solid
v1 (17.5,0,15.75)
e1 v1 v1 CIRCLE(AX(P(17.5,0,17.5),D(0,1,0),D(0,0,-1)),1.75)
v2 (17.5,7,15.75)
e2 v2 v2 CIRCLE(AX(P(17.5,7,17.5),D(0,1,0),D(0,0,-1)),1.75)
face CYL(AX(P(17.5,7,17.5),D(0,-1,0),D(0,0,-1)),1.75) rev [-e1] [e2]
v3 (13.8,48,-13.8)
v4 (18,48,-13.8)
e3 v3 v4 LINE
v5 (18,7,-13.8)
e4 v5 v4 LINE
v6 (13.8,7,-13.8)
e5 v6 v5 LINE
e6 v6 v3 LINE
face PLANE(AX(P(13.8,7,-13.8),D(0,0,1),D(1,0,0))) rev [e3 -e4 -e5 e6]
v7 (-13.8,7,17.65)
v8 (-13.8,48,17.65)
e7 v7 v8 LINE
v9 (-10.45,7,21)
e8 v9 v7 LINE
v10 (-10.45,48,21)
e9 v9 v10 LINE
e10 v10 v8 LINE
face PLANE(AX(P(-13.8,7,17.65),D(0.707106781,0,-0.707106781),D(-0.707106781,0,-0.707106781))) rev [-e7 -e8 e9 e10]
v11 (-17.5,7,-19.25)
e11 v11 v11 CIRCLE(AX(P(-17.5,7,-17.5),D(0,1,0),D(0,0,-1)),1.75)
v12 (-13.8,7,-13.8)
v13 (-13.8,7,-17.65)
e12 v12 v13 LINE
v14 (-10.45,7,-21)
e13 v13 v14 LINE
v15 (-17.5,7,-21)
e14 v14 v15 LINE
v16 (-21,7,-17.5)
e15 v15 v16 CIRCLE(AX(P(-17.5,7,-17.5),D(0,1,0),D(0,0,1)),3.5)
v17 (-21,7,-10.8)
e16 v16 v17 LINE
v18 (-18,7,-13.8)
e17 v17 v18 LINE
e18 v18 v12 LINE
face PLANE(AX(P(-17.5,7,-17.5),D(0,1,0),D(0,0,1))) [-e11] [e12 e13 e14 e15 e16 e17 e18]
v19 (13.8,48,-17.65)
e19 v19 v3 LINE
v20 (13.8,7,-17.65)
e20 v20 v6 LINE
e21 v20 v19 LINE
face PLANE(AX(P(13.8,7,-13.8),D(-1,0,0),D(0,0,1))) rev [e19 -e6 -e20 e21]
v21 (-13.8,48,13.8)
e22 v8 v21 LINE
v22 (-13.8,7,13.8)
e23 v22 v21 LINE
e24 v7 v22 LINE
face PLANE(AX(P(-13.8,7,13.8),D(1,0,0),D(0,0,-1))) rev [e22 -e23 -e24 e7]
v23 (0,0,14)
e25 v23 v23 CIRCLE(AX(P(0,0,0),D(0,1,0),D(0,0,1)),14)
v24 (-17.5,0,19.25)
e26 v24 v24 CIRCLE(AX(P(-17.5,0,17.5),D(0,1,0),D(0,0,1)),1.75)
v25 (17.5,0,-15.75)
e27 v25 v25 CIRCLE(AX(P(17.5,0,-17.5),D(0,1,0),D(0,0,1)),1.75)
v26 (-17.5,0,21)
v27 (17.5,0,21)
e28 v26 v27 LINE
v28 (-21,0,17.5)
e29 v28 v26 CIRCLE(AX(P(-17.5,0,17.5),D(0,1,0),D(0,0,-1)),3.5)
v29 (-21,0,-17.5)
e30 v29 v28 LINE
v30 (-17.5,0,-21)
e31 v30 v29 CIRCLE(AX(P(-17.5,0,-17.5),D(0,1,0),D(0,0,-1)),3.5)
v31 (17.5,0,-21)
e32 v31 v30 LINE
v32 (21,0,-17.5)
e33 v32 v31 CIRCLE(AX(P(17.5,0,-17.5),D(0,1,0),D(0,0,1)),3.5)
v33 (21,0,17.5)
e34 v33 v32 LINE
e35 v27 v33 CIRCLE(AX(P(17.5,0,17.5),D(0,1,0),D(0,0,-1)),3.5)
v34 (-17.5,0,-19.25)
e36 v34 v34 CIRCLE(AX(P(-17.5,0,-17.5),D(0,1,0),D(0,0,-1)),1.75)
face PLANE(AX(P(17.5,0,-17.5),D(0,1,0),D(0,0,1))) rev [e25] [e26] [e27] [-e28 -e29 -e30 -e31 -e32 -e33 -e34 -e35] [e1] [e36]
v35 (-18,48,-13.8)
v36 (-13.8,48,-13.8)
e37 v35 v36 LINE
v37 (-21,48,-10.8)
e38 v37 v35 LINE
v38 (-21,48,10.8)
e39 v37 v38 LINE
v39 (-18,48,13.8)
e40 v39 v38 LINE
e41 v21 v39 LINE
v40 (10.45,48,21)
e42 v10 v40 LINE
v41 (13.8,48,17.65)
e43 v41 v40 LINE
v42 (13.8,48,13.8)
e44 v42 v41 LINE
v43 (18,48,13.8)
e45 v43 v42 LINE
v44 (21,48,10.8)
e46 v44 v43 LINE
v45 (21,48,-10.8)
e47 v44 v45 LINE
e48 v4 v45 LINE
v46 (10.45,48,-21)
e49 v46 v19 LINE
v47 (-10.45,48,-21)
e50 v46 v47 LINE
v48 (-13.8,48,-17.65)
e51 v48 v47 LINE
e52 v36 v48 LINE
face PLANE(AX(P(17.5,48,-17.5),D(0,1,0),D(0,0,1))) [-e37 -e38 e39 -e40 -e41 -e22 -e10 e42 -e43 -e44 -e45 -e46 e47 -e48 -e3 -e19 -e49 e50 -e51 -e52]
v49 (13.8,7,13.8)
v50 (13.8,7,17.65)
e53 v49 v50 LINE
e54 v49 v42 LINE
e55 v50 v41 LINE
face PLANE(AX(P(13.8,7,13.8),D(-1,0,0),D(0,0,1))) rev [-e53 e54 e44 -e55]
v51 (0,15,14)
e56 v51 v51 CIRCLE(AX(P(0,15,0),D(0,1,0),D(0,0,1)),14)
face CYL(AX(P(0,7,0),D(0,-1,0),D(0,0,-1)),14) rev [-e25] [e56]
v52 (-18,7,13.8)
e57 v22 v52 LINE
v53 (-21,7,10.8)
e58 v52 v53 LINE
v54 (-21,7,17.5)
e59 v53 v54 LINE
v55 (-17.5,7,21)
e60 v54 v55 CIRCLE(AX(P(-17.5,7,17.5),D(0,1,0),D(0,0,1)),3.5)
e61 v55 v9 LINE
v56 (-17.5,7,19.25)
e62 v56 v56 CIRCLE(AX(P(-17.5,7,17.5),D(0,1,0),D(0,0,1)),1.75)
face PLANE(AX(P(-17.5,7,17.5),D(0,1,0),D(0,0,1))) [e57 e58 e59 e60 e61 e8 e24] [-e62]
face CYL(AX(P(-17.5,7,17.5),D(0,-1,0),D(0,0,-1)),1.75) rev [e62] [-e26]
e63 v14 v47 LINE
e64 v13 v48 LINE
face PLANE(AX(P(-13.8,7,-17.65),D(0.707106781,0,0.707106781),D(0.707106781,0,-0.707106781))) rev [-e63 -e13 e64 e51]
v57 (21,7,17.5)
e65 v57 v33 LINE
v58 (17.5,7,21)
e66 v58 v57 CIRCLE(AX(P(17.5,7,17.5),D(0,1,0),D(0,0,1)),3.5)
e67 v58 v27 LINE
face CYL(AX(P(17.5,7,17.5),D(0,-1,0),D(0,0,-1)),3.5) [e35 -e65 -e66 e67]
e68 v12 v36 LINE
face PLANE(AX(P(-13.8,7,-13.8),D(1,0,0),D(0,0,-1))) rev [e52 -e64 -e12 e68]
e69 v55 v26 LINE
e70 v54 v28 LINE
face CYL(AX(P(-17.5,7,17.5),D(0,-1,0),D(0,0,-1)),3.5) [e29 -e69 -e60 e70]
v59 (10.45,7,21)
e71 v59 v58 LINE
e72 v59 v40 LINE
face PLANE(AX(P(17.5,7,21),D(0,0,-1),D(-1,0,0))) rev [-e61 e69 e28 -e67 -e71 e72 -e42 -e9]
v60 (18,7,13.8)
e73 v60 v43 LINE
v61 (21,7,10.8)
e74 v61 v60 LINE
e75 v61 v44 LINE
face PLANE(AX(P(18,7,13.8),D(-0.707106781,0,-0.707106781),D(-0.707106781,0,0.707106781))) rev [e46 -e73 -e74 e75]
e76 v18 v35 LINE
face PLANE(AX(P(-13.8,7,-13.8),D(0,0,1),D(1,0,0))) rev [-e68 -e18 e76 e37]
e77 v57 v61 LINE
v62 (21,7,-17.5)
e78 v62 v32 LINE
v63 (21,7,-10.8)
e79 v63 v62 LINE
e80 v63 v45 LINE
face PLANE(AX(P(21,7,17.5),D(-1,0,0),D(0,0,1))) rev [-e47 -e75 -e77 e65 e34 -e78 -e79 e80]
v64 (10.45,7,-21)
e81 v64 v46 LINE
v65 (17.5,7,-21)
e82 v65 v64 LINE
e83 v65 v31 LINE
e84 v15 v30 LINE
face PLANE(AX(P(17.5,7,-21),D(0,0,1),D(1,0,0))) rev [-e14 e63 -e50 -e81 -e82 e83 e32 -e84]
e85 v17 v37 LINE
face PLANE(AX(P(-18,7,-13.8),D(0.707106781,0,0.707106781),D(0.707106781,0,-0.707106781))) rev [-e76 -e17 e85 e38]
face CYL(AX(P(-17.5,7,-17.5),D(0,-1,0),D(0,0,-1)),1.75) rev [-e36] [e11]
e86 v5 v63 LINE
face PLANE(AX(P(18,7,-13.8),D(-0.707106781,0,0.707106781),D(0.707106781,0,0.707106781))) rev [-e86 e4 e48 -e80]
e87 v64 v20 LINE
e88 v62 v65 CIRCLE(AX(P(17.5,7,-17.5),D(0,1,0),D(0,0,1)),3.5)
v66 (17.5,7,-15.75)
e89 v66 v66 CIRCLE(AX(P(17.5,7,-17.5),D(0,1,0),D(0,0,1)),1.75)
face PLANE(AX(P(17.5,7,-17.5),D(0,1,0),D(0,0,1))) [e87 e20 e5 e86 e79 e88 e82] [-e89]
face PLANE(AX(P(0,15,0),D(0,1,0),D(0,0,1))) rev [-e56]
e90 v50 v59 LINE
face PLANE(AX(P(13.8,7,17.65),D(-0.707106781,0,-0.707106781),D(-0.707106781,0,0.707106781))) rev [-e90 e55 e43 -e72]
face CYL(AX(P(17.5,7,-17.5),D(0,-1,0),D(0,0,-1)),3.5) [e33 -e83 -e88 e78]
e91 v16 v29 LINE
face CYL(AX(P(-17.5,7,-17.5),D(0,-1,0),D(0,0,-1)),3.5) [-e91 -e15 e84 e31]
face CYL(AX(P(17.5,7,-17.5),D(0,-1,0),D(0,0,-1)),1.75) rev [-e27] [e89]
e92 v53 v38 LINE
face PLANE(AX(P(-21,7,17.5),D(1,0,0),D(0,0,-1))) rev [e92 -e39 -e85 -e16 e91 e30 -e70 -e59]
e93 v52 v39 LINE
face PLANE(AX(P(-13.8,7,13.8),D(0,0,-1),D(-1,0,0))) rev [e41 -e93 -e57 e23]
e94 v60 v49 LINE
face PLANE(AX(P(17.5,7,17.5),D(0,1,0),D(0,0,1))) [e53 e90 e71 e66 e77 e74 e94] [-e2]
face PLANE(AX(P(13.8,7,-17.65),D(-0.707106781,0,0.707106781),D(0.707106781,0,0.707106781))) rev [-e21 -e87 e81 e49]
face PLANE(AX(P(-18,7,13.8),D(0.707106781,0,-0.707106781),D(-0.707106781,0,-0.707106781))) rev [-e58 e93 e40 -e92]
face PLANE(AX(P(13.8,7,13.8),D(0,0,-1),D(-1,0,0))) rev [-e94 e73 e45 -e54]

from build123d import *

# Parameters (mm, degrees)
SKETCH1_R           = 1.75
SKETCH1_R_2         = 14
BOSS_EXTRUDE1_DEPTH = 7
BOSS_EXTRUDE2_DEPTH = 34
BOSS_EXTRUDE3_DEPTH = 7
CUT_EXTRUDE1_START  = -41
CUT_EXTRUDE1_DEPTH  = 41
SKETCH1_2_R         = 14
CUT_EXTRUDE2_DEPTH  = 15


with BuildPart() as part:
    # Sketch1 → Boss-Extrude1 (new body)
    with BuildSketch(Plane(origin=(0, 0, 0), x_dir=(1, 0, 0), z_dir=(0, 1, 0))):
        with BuildLine():
            Line((17.5, -21), (-17.5, -21))
            ThreePointArc((-17.5, -21), (-19.974873734, -19.974873734), (-21, -17.5))
            Line((-21, -17.5), (-21, 17.5))
            ThreePointArc((-21, 17.5), (-19.974873734, 19.974873734), (-17.5, 21))
            Line((-17.5, 21), (17.5, 21))
            ThreePointArc((17.5, 21), (19.974873734, 19.974873734), (21, 17.5))
            Line((21, 17.5), (21, -17.5))
            ThreePointArc((21, -17.5), (19.974873734, -19.974873734), (17.5, -21))
        make_face()
        with Locations((-17.5, -17.5)):
            Circle(SKETCH1_R, mode=Mode.SUBTRACT)
        with Locations((-17.5, 17.5)):
            Circle(SKETCH1_R, mode=Mode.SUBTRACT)
        with Locations((17.5, -17.5)):
            Circle(SKETCH1_R, mode=Mode.SUBTRACT)
        with Locations((17.5, 17.5)):
            Circle(SKETCH1_R, mode=Mode.SUBTRACT)
        Circle(SKETCH1_R_2, mode=Mode.SUBTRACT)
    extrude(amount=BOSS_EXTRUDE1_DEPTH)

    # Sketch2 → Boss-Extrude2 (add)
    with BuildSketch(Plane(origin=(0, 7, 0), x_dir=(1, 0, 0), z_dir=(0, 1, 0))):
        with BuildLine():
            Line((21, -17.5), (21, 17.5))
            ThreePointArc((21, 17.5), (19.974873734, 19.974873734), (17.5, 21))
            Line((17.5, 21), (-17.5, 21))
            ThreePointArc((-17.5, 21), (-19.974873734, 19.974873734), (-21, 17.5))
            Line((-21, 17.5), (-21, -17.5))
            ThreePointArc((-21, -17.5), (-19.974873734, -19.974873734), (-17.5, -21))
            Line((-17.5, -21), (17.5, -21))
            ThreePointArc((17.5, -21), (19.974873734, -19.974873734), (21, -17.5))
        make_face()
    extrude(amount=BOSS_EXTRUDE2_DEPTH)

    # Sketch3 → Boss-Extrude3 (add)
    with BuildSketch(Plane(origin=(0, 41, 0), x_dir=(1, 0, 0), z_dir=(0, 1, 0))):
        with BuildLine():
            Line((17.5, 21), (-17.5, 21))
            ThreePointArc((-17.5, 21), (-19.974873734, 19.974873734), (-21, 17.5))
            Line((-21, 17.5), (-21, -17.5))
            ThreePointArc((-21, -17.5), (-19.974873734, -19.974873734), (-17.5, -21))
            Line((-17.5, -21), (17.5, -21))
            ThreePointArc((17.5, -21), (19.974873734, -19.974873734), (21, -17.5))
            Line((21, -17.5), (21, 17.5))
            ThreePointArc((21, 17.5), (19.974873734, 19.974873734), (17.5, 21))
        make_face()
    extrude(amount=BOSS_EXTRUDE3_DEPTH)

    # Sketch4 → Cut-Extrude1 (cut)
    with BuildSketch(Plane(origin=(0, 48, 0), x_dir=(1, 0, 0), z_dir=(0, 1, 0)).offset(CUT_EXTRUDE1_START)):
        with BuildLine():
            Line((-13.8, 13.8), (-18, 13.8))
            Line((-18, 13.8), (-21, 10.8))
            Line((-21, 10.8), (-21, 17.5))
            ThreePointArc((-21, 17.5), (-19.974873734, 19.974873734), (-17.5, 21))
            Line((-17.5, 21), (-10.45, 21))
            Line((-10.45, 21), (-13.8, 17.65))
            Line((-13.8, 17.65), (-13.8, 13.8))
        make_face()
        with BuildLine():
            Line((17.5, 21), (10.45, 21))
            Line((10.45, 21), (13.8, 17.65))
            Line((13.8, 17.65), (13.8, 13.8))
            Line((13.8, 13.8), (18, 13.8))
            Line((18, 13.8), (21, 10.8))
            Line((21, 10.8), (21, 17.5))
            ThreePointArc((21, 17.5), (19.974873734, 19.974873734), (17.5, 21))
        make_face()
        with BuildLine():
            Line((-17.5, -21), (-10.45, -21))
            Line((-10.45, -21), (-13.8, -17.65))
            Line((-13.8, -17.65), (-13.8, -13.8))
            Line((-13.8, -13.8), (-18, -13.8))
            Line((-18, -13.8), (-21, -10.8))
            Line((-21, -10.8), (-21, -17.5))
            ThreePointArc((-21, -17.5), (-19.974873734, -19.974873734), (-17.5, -21))
        make_face()
        with BuildLine():
            Line((21, -17.5), (21, -10.8))
            Line((21, -10.8), (18, -13.8))
            Line((18, -13.8), (13.8, -13.8))
            Line((13.8, -13.8), (13.8, -17.65))
            Line((13.8, -17.65), (10.45, -21))
            Line((10.45, -21), (17.5, -21))
            ThreePointArc((17.5, -21), (19.974873734, -19.974873734), (21, -17.5))
        make_face()
    extrude(amount=CUT_EXTRUDE1_DEPTH, mode=Mode.SUBTRACT)

    # Sketch1<2> → Cut-Extrude2 (cut)
    with BuildSketch(Plane(origin=(0, 0, 0), x_dir=(1, 0, 0), z_dir=(0, 1, 0))):
        Circle(SKETCH1_2_R)
    extrude(amount=CUT_EXTRUDE2_DEPTH, mode=Mode.SUBTRACT)


solid = part.part
